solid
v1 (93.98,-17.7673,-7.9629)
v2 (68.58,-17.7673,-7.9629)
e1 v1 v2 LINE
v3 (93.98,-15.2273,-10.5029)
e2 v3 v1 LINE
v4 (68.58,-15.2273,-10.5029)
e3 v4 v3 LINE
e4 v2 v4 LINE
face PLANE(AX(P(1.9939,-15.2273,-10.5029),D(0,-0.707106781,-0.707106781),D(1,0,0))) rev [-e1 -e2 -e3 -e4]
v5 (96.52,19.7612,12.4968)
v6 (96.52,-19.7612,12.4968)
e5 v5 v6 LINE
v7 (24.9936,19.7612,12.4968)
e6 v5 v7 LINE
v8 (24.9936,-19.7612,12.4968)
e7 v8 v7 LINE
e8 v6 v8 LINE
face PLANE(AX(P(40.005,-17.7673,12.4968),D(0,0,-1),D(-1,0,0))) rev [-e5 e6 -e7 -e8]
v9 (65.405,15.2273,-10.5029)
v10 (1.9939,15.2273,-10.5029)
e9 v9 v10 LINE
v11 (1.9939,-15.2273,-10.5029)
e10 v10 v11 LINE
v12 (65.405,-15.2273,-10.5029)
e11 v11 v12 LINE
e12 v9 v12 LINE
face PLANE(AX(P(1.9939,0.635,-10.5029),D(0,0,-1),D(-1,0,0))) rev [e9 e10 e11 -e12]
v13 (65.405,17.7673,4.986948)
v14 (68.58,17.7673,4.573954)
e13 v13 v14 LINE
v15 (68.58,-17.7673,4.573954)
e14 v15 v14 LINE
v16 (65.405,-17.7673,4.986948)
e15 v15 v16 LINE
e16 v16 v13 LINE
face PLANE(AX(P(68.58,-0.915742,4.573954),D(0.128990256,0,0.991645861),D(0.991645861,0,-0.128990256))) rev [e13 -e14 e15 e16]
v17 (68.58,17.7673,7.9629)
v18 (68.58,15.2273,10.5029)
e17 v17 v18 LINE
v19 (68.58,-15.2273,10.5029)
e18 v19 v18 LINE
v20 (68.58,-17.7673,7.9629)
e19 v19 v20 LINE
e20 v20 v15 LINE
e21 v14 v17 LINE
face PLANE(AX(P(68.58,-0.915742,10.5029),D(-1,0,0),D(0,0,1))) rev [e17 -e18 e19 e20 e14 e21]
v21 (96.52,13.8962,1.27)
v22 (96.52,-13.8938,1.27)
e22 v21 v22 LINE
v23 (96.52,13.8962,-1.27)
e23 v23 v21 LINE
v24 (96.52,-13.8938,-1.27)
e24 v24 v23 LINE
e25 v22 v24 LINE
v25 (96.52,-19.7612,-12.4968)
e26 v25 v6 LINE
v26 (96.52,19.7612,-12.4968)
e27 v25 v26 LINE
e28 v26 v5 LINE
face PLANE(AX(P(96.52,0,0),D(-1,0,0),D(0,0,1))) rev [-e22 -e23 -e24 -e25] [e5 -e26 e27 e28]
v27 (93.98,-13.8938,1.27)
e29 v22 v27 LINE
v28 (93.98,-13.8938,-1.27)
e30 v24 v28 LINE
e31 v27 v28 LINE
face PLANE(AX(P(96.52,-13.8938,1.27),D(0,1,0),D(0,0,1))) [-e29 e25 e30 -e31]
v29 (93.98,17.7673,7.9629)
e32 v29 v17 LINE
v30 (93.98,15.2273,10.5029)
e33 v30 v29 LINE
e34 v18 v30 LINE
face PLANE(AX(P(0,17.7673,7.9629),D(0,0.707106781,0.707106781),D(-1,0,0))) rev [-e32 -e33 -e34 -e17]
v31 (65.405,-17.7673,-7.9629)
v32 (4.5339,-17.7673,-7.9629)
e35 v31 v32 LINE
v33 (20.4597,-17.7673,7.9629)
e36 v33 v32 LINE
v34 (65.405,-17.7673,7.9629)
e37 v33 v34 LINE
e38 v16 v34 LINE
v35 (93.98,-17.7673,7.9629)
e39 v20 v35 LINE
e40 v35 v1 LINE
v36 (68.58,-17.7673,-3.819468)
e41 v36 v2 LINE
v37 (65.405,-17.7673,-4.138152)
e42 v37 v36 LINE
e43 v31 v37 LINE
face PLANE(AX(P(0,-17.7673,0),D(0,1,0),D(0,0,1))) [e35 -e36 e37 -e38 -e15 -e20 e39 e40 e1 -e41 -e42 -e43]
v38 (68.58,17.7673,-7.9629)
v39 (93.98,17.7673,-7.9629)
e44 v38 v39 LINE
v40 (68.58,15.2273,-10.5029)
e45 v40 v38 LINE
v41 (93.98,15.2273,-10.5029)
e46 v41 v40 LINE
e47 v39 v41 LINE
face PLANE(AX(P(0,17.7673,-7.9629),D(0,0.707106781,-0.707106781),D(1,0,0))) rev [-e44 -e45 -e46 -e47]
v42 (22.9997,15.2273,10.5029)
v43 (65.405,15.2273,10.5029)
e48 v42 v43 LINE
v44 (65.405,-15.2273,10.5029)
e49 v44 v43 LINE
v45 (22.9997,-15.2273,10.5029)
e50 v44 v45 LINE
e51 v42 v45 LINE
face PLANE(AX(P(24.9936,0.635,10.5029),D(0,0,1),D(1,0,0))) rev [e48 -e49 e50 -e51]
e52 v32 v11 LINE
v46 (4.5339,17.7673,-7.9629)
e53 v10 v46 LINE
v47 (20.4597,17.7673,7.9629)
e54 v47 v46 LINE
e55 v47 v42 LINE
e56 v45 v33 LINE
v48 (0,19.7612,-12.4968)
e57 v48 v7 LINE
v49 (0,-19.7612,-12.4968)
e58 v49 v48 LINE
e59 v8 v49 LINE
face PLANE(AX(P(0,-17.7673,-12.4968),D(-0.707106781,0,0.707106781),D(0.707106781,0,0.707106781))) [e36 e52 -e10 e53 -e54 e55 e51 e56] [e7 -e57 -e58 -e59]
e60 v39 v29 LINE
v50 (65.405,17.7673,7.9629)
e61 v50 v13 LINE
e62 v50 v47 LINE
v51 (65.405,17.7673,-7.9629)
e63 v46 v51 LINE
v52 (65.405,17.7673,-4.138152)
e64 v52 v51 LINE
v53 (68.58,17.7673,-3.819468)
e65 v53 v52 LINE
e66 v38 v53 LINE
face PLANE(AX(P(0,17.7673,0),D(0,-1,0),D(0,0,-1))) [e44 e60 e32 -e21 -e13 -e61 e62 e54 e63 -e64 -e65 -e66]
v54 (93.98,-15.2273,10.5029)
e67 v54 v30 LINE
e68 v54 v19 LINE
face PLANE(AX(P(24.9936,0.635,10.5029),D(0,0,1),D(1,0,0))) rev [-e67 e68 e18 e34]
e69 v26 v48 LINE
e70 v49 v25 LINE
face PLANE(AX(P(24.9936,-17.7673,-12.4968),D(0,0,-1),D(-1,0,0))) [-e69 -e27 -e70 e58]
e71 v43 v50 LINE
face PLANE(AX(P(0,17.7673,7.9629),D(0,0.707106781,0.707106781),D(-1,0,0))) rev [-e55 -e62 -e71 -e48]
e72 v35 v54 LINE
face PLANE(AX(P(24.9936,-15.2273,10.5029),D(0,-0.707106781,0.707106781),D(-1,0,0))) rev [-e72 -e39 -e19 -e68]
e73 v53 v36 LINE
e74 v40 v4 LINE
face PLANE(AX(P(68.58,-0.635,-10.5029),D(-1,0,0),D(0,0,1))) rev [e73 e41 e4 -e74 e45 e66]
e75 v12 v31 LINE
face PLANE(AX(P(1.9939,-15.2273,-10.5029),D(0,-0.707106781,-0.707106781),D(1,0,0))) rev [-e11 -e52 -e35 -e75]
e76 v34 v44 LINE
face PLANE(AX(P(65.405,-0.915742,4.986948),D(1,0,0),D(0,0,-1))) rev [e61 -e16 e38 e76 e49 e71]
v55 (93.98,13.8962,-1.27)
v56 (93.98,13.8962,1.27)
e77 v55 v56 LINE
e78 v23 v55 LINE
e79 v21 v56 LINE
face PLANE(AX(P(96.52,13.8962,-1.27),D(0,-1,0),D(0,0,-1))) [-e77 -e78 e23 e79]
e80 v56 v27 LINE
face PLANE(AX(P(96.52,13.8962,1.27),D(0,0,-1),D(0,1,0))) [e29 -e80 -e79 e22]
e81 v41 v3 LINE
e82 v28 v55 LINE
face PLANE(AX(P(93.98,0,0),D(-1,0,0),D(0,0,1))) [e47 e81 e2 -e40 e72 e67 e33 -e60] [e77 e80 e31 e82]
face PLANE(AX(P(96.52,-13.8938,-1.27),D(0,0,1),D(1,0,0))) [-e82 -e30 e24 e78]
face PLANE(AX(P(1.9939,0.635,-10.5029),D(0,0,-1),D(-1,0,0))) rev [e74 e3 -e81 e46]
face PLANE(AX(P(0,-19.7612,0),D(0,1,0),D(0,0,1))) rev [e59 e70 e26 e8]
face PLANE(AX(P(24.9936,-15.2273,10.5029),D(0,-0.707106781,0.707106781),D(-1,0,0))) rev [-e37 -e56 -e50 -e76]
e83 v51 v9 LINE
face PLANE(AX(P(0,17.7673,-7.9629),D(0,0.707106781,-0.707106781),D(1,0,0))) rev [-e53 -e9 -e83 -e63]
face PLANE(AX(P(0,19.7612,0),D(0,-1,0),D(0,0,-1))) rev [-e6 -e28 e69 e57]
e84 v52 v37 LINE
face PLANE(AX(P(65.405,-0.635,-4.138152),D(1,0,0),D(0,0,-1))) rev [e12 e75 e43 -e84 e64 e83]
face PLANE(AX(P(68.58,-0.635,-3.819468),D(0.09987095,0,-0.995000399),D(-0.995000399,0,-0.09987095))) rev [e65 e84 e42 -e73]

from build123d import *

# Parameters (mm, degrees)
SALIENTE_EXTRUIR1_DEPTH = 37.5285
CORTAR_EXTRUIR1_DEPTH   = 18.4023
SALIENTE_EXTRUIR2_DEPTH = 15.0114
SALIENTE_EXTRUIR3_DEPTH = 53.975
CORTAR_EXTRUIR2_DEPTH   = 17.1323
CROQUIS6_W              = 24.9936
CROQUIS6_H              = 37.5285
CROQUIS6_W_2            = 2.54
CROQUIS6_H_2            = 27.79
SALIENTE_EXTRUIR4_DEPTH = 2.54
SALIENTE_EXTRUIR5_DEPTH = 1.9939
SALIENTE_EXTRUIR6_DEPTH = 17.1323
SALIENTE_EXTRUIR7_DEPTH = 18.683041561
SALIENTE_EXTRUIR8_DEPTH = 19.015985732
SALIENTE_EXTRUIR9_DEPTH = 17.1323
CHAFL_N1_SIZE           = 2.54


with BuildPart() as part:
    # Croquis1 → Saliente-Extruir1 (new body)
    with BuildSketch(Plane(origin=(0, 19.7612, 0), x_dir=(1, 0, 0), z_dir=(0, 1, 0))):
        Polygon((0, 12.4968), (24.9936, -12.4968), (24.9936, 12.4968), align=None)
    extrude(amount=-SALIENTE_EXTRUIR1_DEPTH)

    # Croquis2 → Cortar-Extruir1 (cut)
    with BuildSketch(Plane.XZ.offset(17.7673)):
        Polygon((24.9936, -10.5029), (24.9936, 10.5029), (22.9997, 10.5029), (1.9939, -10.5029), align=None)
    extrude(amount=-CORTAR_EXTRUIR1_DEPTH, mode=Mode.SUBTRACT)

    # Croquis3 → Saliente-Extruir2 (add)
    with BuildSketch(Plane(origin=(24.9936, 0, 0), x_dir=(0, 0, -1), z_dir=(1, 0, 0))):
        Polygon((10.5029, -17.7673), (10.5029, 0.635), (-10.5029, 0.635), (-10.5029, -17.7673), (-12.4968, -17.7673), (-12.4968, 19.7612), (12.4968, 19.7612), (12.4968, -17.7673), align=None)
    extrude(amount=SALIENTE_EXTRUIR2_DEPTH)

    # Croquis4 → Saliente-Extruir3 (add)
    with BuildSketch(Plane(origin=(40.005, 0, 0), x_dir=(0, 0, -1), z_dir=(1, 0, 0))):
        Polygon((10.5029, 1.469986946), (-10.5029, 1.469986946), (-10.5029, -17.7673), (-12.4968, -17.7673), (-12.4968, 19.7612), (12.4968, 19.7612), (12.4968, -17.7673), (10.5029, -17.7673), align=None)
    extrude(amount=SALIENTE_EXTRUIR3_DEPTH)

    # Croquis5 → Cortar-Extruir2 (cut)
    with BuildSketch(Plane.XZ.offset(-0.635)):
        Polygon((93.98, -10.5029), (93.98, 10.5029), (22.9997, 10.5029), (1.9939, -10.5029), align=None)
    extrude(amount=-CORTAR_EXTRUIR2_DEPTH, mode=Mode.SUBTRACT)

    # Croquis6 → Saliente-Extruir4 (add)
    with BuildSketch(Plane(origin=(93.98, 0, 0), x_dir=(0, 0, -1), z_dir=(1, 0, 0))):
        with Locations((0, 0.99695)):
            Rectangle(CROQUIS6_W, CROQUIS6_H)
        with Locations((0, 0.0012)):
            Rectangle(CROQUIS6_W_2, CROQUIS6_H_2, mode=Mode.SUBTRACT)
    extrude(amount=SALIENTE_EXTRUIR4_DEPTH)

    # Croquis7 → Saliente-Extruir5 (add)
    with BuildSketch(Plane.XZ.offset(17.7673)):
        Polygon((24.9936, 12.4968), (96.52, 12.4968), (96.52, -12.4968), (0, -12.4968), align=None)
    extrude(amount=SALIENTE_EXTRUIR5_DEPTH)

    # Croquis8 → Saliente-Extruir6 (add)
    with BuildSketch(Plane(origin=(0, -17.7673, 0), x_dir=(-1, 0, 0), z_dir=(0, 1, 0))):
        Polygon((-65.405, -4.138152009), (-65.405, -10.5029), (-68.58, -10.5029), (-68.58, -3.819468452), align=None)
    extrude(amount=SALIENTE_EXTRUIR6_DEPTH)

    # Croquis9 → Saliente-Extruir7 (add)
    with BuildSketch(Plane.XZ.offset(-17.7673)):
        Polygon((65.405, 10.5029), (68.58, 10.5029), (68.58, 4.573954196), (65.405, 4.98694847), align=None)
    extrude(amount=SALIENTE_EXTRUIR7_DEPTH)

    # Croquis10 → Saliente-Extruir8 (add)
    with BuildSketch(Plane.XZ.offset(-17.7673)):
        Polygon((68.58, -3.819468452), (68.58, -10.5029), (65.405, -10.5029), (65.405, -4.138152009), align=None)
    extrude(amount=SALIENTE_EXTRUIR8_DEPTH)

    # Croquis11 → Saliente-Extruir9 (add)
    with BuildSketch(Plane(origin=(0, -17.7673, 0), x_dir=(-1, 0, 0), z_dir=(0, 1, 0))):
        Polygon((-68.58, 10.5029), (-65.405, 10.5029), (-65.405, 4.98694847), (-68.58, 4.573954196), align=None)
    extrude(amount=SALIENTE_EXTRUIR9_DEPTH)

    # Chaflán1
    chafl_n1_edges = [part.edges().sort_by_distance(p)[0] for p in [
        (81.28, -17.7673, -10.5029),
        (44.20235, 17.7673, 10.5029),
        (81.28, 17.7673, -10.5029),
        (33.69945, -17.7673, -10.5029),
        (81.28, -17.7673, 10.5029),
        (44.20235, -17.7673, 10.5029),
        (33.69945, 17.7673, -10.5029),
        (81.28, 17.7673, 10.5029),
    ]]
    chamfer(chafl_n1_edges, length=CHAFL_N1_SIZE)


solid = part.part
